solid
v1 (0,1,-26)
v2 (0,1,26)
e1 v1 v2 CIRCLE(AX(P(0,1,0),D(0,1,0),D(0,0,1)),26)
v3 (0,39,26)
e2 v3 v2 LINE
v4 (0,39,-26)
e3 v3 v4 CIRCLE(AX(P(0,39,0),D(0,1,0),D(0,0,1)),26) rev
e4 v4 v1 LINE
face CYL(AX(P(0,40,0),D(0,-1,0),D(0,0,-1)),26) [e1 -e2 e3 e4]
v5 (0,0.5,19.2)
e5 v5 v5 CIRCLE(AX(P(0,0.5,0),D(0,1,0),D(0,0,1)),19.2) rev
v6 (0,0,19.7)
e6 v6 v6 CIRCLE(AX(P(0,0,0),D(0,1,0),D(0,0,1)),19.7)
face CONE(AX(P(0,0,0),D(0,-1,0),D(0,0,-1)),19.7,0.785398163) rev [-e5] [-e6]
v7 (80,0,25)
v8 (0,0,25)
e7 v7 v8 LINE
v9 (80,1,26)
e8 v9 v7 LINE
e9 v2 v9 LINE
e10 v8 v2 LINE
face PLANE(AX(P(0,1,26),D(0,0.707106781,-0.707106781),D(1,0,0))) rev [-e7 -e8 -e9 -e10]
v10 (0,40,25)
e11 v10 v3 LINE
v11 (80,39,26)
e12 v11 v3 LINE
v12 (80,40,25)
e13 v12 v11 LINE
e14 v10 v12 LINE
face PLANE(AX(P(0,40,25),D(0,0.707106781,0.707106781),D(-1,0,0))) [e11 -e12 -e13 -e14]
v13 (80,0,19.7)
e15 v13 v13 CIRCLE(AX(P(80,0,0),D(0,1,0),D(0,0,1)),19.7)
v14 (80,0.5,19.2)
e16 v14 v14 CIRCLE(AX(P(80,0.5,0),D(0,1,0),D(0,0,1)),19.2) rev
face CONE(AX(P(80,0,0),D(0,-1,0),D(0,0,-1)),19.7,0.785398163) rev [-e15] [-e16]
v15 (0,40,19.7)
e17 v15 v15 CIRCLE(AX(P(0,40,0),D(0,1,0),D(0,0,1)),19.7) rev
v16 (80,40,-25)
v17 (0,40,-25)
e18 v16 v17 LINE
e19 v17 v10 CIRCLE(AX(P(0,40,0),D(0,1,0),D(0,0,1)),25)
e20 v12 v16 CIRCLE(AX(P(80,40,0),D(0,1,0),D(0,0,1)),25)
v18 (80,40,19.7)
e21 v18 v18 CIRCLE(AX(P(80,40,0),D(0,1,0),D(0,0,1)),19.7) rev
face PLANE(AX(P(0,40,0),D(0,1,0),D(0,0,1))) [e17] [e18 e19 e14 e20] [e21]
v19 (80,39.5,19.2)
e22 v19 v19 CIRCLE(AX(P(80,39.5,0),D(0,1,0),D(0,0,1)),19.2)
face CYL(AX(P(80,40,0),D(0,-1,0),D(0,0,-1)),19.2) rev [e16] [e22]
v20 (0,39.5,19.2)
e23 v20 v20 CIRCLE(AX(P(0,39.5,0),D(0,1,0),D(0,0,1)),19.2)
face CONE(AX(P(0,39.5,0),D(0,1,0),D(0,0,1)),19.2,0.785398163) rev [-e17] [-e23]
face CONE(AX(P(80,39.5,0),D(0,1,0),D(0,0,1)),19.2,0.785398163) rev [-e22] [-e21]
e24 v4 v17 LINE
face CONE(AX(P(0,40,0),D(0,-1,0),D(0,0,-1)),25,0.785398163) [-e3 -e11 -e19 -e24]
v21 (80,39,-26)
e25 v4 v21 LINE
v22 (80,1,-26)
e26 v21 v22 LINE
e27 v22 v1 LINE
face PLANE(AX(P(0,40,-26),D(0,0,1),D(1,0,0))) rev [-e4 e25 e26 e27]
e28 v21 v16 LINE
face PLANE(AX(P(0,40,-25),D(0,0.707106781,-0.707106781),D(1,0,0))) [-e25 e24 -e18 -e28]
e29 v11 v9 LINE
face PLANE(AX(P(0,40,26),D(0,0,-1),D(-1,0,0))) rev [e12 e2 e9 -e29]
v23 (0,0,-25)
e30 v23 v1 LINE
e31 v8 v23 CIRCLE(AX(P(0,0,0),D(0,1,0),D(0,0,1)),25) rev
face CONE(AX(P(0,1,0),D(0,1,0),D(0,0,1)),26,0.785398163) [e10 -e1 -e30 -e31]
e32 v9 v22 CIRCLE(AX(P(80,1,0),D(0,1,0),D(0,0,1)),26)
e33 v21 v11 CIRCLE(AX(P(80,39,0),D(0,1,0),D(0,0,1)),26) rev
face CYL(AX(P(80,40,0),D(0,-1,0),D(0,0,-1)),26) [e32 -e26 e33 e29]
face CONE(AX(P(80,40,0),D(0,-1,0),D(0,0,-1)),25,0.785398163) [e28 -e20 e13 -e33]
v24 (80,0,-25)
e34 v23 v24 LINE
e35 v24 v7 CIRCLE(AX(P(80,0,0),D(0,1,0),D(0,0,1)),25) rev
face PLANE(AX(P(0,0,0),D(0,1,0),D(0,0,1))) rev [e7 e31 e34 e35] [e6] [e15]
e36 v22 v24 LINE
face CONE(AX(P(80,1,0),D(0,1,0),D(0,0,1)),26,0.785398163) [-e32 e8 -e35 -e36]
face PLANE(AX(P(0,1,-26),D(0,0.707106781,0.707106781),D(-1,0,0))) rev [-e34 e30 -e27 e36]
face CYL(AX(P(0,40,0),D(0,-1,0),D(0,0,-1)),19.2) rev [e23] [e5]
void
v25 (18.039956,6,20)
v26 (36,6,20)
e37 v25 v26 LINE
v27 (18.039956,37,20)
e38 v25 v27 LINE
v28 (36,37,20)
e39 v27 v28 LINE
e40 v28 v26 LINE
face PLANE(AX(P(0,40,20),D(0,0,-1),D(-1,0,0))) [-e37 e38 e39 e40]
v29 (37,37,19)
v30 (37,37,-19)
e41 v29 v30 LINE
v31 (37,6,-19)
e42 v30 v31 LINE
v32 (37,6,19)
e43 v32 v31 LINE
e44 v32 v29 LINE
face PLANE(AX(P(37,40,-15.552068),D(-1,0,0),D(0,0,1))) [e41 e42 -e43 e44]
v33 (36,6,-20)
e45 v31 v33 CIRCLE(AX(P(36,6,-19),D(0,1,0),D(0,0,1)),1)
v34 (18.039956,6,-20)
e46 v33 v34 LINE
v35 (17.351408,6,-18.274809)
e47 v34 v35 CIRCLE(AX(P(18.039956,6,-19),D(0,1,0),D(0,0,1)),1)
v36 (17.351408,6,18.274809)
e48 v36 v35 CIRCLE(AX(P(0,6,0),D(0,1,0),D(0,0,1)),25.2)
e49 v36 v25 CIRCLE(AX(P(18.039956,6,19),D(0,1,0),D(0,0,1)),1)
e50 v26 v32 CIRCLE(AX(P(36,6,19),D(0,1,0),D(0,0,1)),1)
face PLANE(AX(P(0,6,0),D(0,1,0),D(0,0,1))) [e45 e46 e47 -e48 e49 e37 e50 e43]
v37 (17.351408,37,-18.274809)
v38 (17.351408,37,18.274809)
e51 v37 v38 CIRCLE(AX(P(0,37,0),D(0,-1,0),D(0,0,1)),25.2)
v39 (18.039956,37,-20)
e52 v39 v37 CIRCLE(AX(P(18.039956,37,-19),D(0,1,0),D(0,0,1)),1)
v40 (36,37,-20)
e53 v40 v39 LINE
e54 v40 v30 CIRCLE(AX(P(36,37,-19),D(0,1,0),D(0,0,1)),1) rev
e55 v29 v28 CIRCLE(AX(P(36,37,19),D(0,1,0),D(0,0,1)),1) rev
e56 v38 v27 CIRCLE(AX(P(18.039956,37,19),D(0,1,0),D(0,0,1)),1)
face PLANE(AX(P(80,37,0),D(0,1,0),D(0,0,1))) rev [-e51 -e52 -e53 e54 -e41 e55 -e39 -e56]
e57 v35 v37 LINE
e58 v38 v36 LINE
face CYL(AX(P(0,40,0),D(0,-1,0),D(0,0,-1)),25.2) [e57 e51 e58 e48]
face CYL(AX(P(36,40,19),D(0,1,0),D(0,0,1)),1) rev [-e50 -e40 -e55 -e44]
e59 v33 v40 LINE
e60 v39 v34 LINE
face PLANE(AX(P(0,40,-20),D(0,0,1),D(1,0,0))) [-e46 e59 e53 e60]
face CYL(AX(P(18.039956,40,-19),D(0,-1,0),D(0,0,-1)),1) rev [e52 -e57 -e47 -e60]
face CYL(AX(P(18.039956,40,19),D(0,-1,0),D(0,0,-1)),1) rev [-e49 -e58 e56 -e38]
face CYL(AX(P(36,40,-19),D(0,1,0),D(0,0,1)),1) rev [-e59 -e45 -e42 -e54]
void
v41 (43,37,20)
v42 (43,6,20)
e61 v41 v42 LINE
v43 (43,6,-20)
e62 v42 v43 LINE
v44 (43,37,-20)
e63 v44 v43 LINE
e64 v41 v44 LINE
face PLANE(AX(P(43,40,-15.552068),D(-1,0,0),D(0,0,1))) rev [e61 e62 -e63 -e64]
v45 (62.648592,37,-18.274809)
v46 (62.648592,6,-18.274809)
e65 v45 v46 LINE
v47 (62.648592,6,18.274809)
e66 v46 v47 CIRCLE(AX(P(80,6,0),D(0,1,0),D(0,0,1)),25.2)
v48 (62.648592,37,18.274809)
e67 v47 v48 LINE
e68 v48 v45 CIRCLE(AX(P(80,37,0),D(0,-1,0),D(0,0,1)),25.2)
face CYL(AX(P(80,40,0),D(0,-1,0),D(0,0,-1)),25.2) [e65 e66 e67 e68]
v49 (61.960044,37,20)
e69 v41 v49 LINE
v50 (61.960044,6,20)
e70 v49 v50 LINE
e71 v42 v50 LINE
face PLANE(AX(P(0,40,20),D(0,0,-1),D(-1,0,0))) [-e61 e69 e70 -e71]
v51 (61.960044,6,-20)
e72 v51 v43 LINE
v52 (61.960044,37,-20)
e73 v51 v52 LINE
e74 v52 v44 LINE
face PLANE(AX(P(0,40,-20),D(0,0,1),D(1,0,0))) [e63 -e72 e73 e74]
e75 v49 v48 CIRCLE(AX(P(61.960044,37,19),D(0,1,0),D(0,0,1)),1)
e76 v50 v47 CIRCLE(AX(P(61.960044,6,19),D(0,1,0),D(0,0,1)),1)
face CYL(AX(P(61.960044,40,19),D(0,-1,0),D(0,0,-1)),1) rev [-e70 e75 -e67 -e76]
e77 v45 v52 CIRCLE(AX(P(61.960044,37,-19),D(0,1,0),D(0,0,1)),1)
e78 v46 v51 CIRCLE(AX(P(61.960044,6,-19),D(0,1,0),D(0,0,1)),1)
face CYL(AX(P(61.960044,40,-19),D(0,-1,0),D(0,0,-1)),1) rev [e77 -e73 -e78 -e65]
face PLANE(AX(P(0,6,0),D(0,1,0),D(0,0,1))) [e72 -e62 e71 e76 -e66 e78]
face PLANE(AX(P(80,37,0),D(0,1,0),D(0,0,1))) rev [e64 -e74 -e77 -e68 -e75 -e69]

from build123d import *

# Parameters (mm, degrees)
SKETCH1_R           = 19.2
BOSS_EXTRUDE1_DEPTH = 40
SHELL1_T            = -6
CHAMFER1_SIZE       = 1
RIB1_REACH          = 118.241
SKETCH2_WALLS_W     = 6
SKETCH2_WALLS_H     = 263.960304727
FILLET1_R           = 1
BOSS_EXTRUDE2_START = -3
BOSS_EXTRUDE2_DEPTH = 3
CHAMFER2_SIZE       = 0.5


with BuildPart() as part:
    # Sketch1 → Boss-Extrude1 (new body)
    with BuildSketch(Plane(origin=(0, 0, 0), x_dir=(1, 0, 0), z_dir=(0, 1, 0))):
        with BuildLine():
            Line((0, 26), (80, 26))
            ThreePointArc((80, 26), (106, 0), (80, -26))
            Line((80, -26), (0, -26))
            ThreePointArc((0, -26), (-26, 0), (0, 26))
        make_face()
        with Locations(Location((0, 0, 0), (0, 0, 270))):
            Circle(SKETCH1_R, mode=Mode.SUBTRACT)
        with Locations(Location((80, 0, 0), (0, 0, 270))):
            Circle(SKETCH1_R, mode=Mode.SUBTRACT)
    extrude(amount=BOSS_EXTRUDE1_DEPTH)

    # Shell1
    shell1_openings = [part.faces().sort_by_distance(p)[0] for p in [
        (40, 40, 0),
    ]]
    offset(amount=SHELL1_T, openings=shell1_openings, kind=Kind.INTERSECTION)

    # Chamfer1
    chamfer1_edges = [part.edges().sort_by_distance(p)[0] for p in [
        (106, 40, 0),
        (40, 40, -26),
        (-26, 40, 0),
        (40, 0, -26),
        (106, 0, 0),
        (40, 0, 26),
        (-26, 0, 0),
        (40, 40, 26),
    ]]
    chamfer(chamfer1_edges, length=CHAMFER1_SIZE)

    # Sketch2 walls → Rib1 (add, up to next)
    with BuildSketch(Plane(origin=(0, 40, 0), x_dir=(1, 0, 0), z_dir=(0, 1, 0)), mode=Mode.PRIVATE) as rib1_sk1:
        with Locations((40, 0.813044615)):
            Rectangle(SKETCH2_WALLS_W, SKETCH2_WALLS_H)
    rib1_tool1 = extrude(rib1_sk1.sketch, amount=-RIB1_REACH, mode=Mode.PRIVATE) - part.part
    add(rib1_tool1.solids().sort_by_distance((40, 40, -0.813044614))[0])

    # Fillet1
    fillet1_edges = [part.edges().sort_by_distance(p)[0] for p in [
        (64.668985683, 23, 20),
        (15.331014317, 23, -20),
        (15.331014317, 23, 20),
        (64.668985683, 23, -20),
        (37, 23, 20),
        (37, 23, -20),
    ]]
    fillet(fillet1_edges, radius=FILLET1_R)

    # Sketch3 → Boss-Extrude2 (add)
    with BuildSketch(Plane(origin=(0, 40, 0), x_dir=(1, 0, 0), z_dir=(0, 1, 0)).offset(BOSS_EXTRUDE2_START)):
        with BuildLine():
            Line((18.039955654, 20), (61.960044346, 20))
            ThreePointArc((61.960044346, 20), (62.888804498, 19.370681238), (62.648592272, 18.27480916))
            ThreePointArc((62.648592272, 18.27480916), (54.8, 0), (62.648592272, -18.27480916))
            ThreePointArc((62.648592272, -18.27480916), (62.888804498, -19.370681238), (61.960044346, -20))
            Line((61.960044346, -20), (18.039955654, -20))
            ThreePointArc((18.039955654, -20), (17.111195502, -19.370681238), (17.351407728, -18.27480916))
            ThreePointArc((17.351407728, -18.27480916), (25.2, 0), (17.351407728, 18.27480916))
            ThreePointArc((17.351407728, 18.27480916), (17.111195502, 19.370681238), (18.039955654, 20))
        make_face()
    extrude(amount=BOSS_EXTRUDE2_DEPTH)

    # Chamfer2
    chamfer2_edges = [part.edges().sort_by_distance(p)[0] for p in [
        (0, 0, -19.2),
        (0, 40, -19.2),
        (80, 0, -19.2),
        (80, 40, -19.2),
    ]]
    chamfer(chamfer2_edges, length=CHAMFER2_SIZE)


solid = part.part
